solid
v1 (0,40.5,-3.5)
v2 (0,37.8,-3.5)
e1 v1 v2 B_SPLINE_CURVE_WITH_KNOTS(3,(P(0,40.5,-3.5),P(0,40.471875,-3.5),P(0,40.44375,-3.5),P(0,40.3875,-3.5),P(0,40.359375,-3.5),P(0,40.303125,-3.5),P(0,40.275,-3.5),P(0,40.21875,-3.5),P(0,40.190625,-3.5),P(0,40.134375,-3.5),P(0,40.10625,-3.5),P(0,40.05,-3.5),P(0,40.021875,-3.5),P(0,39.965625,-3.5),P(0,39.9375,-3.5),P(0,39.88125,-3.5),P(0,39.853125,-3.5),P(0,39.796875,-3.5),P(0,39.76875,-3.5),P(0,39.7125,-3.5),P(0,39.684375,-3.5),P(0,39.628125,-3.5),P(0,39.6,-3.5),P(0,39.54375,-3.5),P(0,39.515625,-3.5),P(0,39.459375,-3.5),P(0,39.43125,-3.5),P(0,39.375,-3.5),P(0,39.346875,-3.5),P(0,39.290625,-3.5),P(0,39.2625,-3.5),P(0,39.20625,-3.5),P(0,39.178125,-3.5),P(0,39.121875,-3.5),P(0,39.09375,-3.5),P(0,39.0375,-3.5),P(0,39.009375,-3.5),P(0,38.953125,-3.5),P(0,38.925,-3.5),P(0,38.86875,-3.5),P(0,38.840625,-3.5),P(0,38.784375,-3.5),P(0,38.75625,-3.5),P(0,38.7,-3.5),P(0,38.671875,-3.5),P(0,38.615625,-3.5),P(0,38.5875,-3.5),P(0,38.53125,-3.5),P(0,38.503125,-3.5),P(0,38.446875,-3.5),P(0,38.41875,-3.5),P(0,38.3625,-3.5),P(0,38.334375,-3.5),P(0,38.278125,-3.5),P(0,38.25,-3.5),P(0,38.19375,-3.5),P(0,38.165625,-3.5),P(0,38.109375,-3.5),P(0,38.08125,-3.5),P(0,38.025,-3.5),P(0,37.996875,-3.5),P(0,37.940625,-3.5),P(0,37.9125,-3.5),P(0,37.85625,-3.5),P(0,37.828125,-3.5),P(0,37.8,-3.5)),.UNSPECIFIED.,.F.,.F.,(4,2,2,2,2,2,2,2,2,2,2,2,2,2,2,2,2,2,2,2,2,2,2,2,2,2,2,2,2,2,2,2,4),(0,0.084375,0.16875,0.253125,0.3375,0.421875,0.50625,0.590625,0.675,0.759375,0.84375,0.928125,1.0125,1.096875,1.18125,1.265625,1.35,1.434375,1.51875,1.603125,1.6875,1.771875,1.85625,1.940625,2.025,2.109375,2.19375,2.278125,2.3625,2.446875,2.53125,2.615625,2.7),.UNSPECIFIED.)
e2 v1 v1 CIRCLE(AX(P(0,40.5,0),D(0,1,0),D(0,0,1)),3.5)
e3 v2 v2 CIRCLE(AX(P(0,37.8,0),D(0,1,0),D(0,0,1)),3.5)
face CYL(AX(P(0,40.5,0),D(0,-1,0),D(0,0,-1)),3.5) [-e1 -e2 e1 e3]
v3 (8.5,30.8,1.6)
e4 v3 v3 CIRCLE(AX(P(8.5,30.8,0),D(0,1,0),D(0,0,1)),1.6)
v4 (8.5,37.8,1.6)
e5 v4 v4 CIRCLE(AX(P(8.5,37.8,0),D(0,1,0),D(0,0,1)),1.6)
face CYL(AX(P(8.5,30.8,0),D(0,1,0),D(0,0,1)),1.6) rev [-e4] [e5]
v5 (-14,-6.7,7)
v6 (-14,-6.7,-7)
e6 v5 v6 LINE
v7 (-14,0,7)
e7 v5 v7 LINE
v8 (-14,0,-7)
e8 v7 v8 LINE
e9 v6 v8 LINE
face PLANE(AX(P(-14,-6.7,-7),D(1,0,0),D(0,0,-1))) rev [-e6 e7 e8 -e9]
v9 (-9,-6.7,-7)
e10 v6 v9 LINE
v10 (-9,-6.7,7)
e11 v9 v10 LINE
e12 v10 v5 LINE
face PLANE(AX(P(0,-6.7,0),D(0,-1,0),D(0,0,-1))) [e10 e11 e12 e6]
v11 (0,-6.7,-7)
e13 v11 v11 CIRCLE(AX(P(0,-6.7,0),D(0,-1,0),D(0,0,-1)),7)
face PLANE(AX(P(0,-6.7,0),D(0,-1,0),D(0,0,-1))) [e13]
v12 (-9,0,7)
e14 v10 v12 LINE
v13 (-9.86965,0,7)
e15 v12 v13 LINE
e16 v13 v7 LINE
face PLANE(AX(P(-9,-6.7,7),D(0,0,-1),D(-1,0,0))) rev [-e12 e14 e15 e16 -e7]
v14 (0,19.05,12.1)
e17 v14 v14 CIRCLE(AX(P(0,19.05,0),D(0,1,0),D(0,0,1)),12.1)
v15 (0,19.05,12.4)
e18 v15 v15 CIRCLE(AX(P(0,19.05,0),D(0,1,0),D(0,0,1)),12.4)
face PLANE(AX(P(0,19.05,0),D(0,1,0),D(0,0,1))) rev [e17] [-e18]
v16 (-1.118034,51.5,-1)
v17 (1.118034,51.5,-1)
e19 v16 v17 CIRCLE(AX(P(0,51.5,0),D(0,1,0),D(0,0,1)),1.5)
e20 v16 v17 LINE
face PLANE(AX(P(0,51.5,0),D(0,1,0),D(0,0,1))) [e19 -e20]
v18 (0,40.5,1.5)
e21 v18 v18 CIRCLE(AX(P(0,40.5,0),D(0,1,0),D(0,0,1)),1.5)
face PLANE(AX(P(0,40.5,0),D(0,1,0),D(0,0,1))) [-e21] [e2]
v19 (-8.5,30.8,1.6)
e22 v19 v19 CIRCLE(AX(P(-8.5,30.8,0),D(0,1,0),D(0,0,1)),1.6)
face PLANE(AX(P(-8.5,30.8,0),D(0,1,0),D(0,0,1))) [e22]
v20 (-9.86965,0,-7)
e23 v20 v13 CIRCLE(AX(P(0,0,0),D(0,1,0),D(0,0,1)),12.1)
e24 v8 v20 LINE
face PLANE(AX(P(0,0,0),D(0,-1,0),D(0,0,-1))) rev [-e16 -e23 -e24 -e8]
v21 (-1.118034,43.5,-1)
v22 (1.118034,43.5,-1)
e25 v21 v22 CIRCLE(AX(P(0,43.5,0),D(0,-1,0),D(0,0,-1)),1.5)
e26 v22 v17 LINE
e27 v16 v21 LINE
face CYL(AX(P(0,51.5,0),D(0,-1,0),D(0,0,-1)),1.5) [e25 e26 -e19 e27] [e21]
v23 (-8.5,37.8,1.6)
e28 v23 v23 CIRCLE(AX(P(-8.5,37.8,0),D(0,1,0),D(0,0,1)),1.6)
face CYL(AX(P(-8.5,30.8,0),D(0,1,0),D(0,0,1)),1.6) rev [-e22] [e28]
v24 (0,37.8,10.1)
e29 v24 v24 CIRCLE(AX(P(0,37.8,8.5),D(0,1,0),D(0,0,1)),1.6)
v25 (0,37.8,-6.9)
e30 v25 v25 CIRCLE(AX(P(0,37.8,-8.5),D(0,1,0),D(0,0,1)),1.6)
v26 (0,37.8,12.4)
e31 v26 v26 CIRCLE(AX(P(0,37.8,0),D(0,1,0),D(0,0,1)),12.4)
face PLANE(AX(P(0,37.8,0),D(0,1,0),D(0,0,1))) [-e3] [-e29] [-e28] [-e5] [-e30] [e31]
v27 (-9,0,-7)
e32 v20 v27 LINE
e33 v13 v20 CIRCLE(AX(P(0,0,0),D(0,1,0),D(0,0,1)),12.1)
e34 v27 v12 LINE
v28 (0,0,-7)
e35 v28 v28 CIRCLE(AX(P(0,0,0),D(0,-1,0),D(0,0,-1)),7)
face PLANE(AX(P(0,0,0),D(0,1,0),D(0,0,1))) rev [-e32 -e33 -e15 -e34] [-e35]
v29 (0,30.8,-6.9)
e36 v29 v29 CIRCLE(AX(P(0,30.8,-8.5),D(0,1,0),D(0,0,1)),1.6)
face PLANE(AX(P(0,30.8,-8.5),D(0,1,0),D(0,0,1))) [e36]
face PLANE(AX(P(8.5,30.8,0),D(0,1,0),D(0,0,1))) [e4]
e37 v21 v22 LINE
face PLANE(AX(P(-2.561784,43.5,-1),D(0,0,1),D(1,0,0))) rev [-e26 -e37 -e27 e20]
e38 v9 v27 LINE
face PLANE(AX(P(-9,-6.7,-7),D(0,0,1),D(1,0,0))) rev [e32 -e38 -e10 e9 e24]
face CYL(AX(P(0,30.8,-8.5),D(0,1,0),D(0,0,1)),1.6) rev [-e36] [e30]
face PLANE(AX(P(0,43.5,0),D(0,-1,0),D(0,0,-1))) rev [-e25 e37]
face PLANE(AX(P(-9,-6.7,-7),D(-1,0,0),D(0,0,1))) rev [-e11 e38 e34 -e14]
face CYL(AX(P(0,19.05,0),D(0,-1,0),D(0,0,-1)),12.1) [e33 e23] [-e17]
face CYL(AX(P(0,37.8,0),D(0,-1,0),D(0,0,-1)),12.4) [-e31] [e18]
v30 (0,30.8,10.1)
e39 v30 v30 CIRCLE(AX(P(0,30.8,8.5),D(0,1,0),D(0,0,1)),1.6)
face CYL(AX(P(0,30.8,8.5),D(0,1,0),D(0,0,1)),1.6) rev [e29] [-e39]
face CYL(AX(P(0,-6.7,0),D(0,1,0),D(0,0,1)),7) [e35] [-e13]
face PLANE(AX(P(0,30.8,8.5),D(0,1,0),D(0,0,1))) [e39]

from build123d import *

# Parameters (mm, degrees)
SKETCH_2_R          = 12.1
EXTRUDE_1_DEPTH     = 19.05
EXTRUDE_START       = 19.05
SKETCH_2_3_R        = 12.4
SKETCH_2_3_R_2      = 12.1
SKETCH_2_3_R_3      = 3.5
SKETCH_2_3_R_4      = 1.5
EXTRUDE_2_DEPTH     = 18.75
EXTRUDE_START_2     = 37.8
SKETCH_2_4_R        = 3.5
SKETCH_2_4_R_2      = 1.5
EXTRUDE_3_DEPTH     = 2.7
EXTRUDE_START_3     = 40.5
SKETCH_2_5_R        = 1.5
EXTRUDE_4_DEPTH     = 11
SKETCH_4_R          = 1.6
CUT_EXTRUDE_1_DEPTH = 7
SKETCH_5_W          = 5.123568468
SKETCH_5_H          = 1
CUT_EXTRUDE_2_DEPTH = 8
SKETCH_6_R          = 7
SKETCH_6_W          = 5
SKETCH_6_H          = 14
EXTRUDE_5_DEPTH     = 6.7


with BuildPart() as part:
    # 草图2 → 凸台-拉伸1 (new body)
    with BuildSketch(Plane(origin=(0, 0, 0), x_dir=(1, 0, 0), z_dir=(0, 1, 0))):
        with Locations(Location((0, 0, 0), (0, 0, 90))):
            Circle(SKETCH_2_R)
    extrude(amount=EXTRUDE_1_DEPTH)

    # 草图2<3> → 凸台-拉伸2 (add)
    # profile 1 of 4: a face of its own
    with BuildSketch(Plane(origin=(0, 0, 0), x_dir=(1, 0, 0), z_dir=(0, 1, 0)).offset(EXTRUDE_START)):
        with Locations(Location((0, 0, 0), (0, 0, 270))):
            Circle(SKETCH_2_3_R)
        with Locations(Location((0, 0, 0), (0, 0, 90))):
            Circle(SKETCH_2_3_R_2, mode=Mode.SUBTRACT)
    # profile 2 of 4: a face of its own
    with BuildSketch(Plane(origin=(0, 0, 0), x_dir=(1, 0, 0), z_dir=(0, 1, 0)).offset(EXTRUDE_START)):
        with Locations(Location((0, 0, 0), (0, 0, 90))):
            Circle(SKETCH_2_3_R_2)
        Circle(SKETCH_2_3_R_3, mode=Mode.SUBTRACT)
    # profile 3 of 4: a face of its own
    with BuildSketch(Plane(origin=(0, 0, 0), x_dir=(1, 0, 0), z_dir=(0, 1, 0)).offset(EXTRUDE_START)):
        Circle(SKETCH_2_3_R_3)
        Circle(SKETCH_2_3_R_4, mode=Mode.SUBTRACT)
    # profile 4 of 4: a face of its own
    with BuildSketch(Plane(origin=(0, 0, 0), x_dir=(1, 0, 0), z_dir=(0, 1, 0)).offset(EXTRUDE_START)):
        Circle(SKETCH_2_3_R_4)
    extrude(amount=EXTRUDE_2_DEPTH)

    # 草图2<4> → 凸台-拉伸3 (add)
    # profile 1 of 2: a face of its own
    with BuildSketch(Plane(origin=(0, 0, 0), x_dir=(1, 0, 0), z_dir=(0, 1, 0)).offset(EXTRUDE_START_2)):
        with Locations(Location((0, 0, 0), (0, 0, 90))):
            Circle(SKETCH_2_4_R)
        Circle(SKETCH_2_4_R_2, mode=Mode.SUBTRACT)
    # profile 2 of 2: a face of its own
    with BuildSketch(Plane(origin=(0, 0, 0), x_dir=(1, 0, 0), z_dir=(0, 1, 0)).offset(EXTRUDE_START_2)):
        Circle(SKETCH_2_4_R_2)
    extrude(amount=EXTRUDE_3_DEPTH)

    # 草图2<5> → 凸台-拉伸4 (add)
    with BuildSketch(Plane(origin=(0, 0, 0), x_dir=(1, 0, 0), z_dir=(0, 1, 0)).offset(EXTRUDE_START_3)):
        with Locations(Location((0, 0, 0), (0, 0, 270))):
            Circle(SKETCH_2_5_R)
    extrude(amount=EXTRUDE_4_DEPTH)

    # 草图4 → 切除-拉伸1 (cut)
    with BuildSketch(Plane(origin=(0, 37.8, 0), x_dir=(1, 0, 0), z_dir=(0, 1, 0))):
        with Locations(Location((0, 8.5, 0), (0, 0, 270))):
            Circle(SKETCH_4_R)
        with Locations(Location((8.5, 0, 0), (0, 0, 270))):
            Circle(SKETCH_4_R)
        with Locations(Location((0, -8.5, 0), (0, 0, 270))):
            Circle(SKETCH_4_R)
        with Locations(Location((-8.5, 0, 0), (0, 0, 270))):
            Circle(SKETCH_4_R)
    extrude(amount=-CUT_EXTRUDE_1_DEPTH, mode=Mode.SUBTRACT)

    # 草图5 → 切除-拉伸2 (cut)
    with BuildSketch(Plane(origin=(0, 51.5, 0), x_dir=(1, 0, 0), z_dir=(0, 1, 0))):
        with Locations((0, 1.5)):
            Rectangle(SKETCH_5_W, SKETCH_5_H)
    extrude(amount=-CUT_EXTRUDE_2_DEPTH, mode=Mode.SUBTRACT)

    # 草图6 → 凸台-拉伸5 (add)
    with BuildSketch(Plane.XZ):
        with Locations(Location((0, 0, 0), (0, 0, 270))):
            Circle(SKETCH_6_R)
        with Locations((-11.5, 0)):
            Rectangle(SKETCH_6_W, SKETCH_6_H)
    extrude(amount=EXTRUDE_5_DEPTH)


solid = part.part
